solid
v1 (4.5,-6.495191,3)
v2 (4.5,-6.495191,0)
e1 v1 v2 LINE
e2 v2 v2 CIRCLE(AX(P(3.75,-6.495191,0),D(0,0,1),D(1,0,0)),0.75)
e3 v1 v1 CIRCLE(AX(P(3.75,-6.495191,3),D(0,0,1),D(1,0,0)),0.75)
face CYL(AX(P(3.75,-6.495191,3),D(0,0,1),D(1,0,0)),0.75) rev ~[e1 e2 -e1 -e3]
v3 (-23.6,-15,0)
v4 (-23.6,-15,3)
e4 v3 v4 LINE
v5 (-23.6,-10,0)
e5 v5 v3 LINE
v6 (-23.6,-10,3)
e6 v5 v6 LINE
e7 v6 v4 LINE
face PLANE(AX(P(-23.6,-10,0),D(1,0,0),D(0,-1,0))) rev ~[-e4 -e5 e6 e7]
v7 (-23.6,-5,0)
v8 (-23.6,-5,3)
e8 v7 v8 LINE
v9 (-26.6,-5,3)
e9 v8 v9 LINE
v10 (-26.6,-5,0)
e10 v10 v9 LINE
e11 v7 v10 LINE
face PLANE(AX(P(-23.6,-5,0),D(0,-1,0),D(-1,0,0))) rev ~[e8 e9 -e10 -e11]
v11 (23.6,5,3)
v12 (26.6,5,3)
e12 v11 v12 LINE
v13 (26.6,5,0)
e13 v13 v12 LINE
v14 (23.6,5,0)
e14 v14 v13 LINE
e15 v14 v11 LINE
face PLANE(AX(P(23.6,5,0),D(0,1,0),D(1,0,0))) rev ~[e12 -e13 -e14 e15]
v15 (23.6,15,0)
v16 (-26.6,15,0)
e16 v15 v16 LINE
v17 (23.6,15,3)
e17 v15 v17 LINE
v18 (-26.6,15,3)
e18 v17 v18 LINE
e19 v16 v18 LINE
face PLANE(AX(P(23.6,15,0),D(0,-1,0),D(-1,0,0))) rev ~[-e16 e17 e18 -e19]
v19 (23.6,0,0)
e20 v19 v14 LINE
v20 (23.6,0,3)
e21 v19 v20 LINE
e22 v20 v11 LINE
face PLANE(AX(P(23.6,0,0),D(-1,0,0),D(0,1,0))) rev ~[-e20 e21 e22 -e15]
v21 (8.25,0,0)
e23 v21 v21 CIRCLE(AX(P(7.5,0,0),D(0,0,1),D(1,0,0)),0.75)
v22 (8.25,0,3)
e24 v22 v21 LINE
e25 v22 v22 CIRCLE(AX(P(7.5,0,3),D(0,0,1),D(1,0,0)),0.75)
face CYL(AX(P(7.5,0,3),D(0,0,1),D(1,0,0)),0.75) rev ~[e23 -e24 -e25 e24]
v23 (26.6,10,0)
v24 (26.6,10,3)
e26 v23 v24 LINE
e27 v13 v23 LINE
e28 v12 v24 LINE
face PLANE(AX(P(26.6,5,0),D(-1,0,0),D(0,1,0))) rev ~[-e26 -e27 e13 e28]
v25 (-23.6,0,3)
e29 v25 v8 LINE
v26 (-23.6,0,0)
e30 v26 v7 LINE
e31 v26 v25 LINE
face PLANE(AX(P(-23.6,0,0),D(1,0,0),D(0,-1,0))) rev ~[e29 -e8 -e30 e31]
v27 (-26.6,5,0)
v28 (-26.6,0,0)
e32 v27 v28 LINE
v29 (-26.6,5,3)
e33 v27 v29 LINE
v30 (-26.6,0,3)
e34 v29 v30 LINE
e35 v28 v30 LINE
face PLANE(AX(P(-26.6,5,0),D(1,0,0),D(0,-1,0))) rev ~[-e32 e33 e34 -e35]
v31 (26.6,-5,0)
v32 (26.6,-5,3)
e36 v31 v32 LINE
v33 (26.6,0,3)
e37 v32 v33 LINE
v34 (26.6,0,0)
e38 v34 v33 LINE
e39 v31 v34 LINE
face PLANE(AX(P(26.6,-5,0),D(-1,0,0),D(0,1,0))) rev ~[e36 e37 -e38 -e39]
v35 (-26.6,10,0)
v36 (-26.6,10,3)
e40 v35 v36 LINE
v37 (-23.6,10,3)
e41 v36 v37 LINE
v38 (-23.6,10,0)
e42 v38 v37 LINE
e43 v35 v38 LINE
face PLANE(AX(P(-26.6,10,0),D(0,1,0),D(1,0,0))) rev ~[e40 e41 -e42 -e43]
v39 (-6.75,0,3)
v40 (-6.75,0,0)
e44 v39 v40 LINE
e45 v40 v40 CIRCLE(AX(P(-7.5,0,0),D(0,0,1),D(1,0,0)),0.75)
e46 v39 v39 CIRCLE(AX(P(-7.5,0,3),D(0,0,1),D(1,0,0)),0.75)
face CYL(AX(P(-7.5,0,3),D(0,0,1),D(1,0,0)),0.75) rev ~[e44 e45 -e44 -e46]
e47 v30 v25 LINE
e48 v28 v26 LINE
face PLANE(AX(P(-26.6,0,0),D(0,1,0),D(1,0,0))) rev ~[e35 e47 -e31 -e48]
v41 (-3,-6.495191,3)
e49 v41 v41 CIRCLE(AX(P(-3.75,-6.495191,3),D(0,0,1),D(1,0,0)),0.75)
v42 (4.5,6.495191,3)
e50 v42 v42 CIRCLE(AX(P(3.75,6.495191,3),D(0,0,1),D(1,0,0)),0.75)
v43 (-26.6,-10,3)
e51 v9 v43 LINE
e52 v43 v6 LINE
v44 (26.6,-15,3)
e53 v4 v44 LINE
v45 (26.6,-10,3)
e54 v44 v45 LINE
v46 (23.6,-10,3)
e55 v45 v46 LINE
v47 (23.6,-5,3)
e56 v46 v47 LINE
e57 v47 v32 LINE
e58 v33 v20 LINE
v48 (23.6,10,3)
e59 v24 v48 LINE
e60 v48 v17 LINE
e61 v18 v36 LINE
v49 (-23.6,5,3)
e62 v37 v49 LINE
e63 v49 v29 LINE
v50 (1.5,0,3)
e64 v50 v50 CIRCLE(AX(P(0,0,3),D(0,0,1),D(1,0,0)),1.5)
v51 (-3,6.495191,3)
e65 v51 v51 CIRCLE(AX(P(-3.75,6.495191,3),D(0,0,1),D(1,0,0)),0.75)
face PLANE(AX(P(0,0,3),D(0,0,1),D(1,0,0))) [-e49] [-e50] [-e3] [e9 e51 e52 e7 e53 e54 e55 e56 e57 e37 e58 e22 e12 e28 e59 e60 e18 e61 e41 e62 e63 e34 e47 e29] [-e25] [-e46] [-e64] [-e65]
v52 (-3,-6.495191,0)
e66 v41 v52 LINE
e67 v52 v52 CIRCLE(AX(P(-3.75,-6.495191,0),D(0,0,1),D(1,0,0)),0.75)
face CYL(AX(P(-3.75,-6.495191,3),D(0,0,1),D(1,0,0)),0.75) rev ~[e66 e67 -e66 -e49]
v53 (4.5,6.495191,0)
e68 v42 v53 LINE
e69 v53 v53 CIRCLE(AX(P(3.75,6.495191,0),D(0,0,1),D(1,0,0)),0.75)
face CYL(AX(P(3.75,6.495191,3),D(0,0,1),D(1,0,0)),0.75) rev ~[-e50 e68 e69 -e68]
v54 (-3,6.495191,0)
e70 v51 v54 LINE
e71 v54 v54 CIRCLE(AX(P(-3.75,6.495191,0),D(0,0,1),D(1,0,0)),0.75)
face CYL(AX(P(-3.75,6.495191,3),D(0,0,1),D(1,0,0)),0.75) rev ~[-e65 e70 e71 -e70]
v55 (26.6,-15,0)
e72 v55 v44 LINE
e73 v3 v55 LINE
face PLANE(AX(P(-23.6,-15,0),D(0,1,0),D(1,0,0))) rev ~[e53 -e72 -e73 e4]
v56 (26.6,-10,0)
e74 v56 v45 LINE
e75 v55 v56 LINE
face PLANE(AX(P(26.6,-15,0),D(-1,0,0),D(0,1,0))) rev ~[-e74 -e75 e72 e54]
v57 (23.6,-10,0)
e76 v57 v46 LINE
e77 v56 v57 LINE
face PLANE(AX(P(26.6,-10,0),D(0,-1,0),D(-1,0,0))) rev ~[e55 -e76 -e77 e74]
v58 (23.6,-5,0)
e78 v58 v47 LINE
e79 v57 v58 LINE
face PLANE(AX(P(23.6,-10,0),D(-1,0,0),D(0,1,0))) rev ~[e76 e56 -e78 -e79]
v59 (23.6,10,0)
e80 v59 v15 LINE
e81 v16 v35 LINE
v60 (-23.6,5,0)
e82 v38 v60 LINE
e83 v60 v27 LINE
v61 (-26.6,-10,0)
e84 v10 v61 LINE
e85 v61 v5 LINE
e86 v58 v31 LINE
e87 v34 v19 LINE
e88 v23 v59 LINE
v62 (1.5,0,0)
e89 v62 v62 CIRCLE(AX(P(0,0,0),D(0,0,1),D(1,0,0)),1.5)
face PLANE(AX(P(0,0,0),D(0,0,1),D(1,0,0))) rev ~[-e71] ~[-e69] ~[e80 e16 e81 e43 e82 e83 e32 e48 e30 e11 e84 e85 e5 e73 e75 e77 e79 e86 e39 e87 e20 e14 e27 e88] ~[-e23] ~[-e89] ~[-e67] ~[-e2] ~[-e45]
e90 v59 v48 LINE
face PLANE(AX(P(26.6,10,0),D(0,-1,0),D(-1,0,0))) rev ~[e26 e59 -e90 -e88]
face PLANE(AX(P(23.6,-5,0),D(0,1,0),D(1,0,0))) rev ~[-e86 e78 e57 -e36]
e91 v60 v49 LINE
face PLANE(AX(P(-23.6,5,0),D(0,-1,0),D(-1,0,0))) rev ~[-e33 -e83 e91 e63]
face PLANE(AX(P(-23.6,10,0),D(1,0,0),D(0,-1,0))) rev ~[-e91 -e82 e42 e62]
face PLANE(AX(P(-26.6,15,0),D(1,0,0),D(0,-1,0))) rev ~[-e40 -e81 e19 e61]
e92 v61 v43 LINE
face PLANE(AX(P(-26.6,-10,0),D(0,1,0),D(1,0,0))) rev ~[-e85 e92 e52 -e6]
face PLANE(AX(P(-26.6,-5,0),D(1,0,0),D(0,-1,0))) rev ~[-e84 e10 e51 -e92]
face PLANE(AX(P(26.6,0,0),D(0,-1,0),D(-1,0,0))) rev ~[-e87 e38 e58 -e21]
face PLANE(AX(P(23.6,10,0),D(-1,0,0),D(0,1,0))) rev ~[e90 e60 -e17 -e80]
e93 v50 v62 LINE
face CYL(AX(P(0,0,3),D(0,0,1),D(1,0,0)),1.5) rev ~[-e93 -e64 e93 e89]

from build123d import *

# Parameters (mm, degrees)
SALIENTE_EXTRUIR1_DEPTH = 3
CORTAR_EXTRUIR1_REACH   = 32.685
CROQUIS2_R              = 1.5
CROQUIS2_R_2            = 0.75


with BuildPart() as part:
    # Croquis1 → Saliente-Extruir1 (new body)
    with BuildSketch(Plane.XY):
        Polygon((26.6, 5), (26.6, 10), (23.6, 10), (23.6, 15), (-26.6, 15), (-26.6, 10), (-23.6, 10), (-23.6, 5), (-26.6, 5), (-26.6, 0), (-23.6, 0), (-23.6, -5), (-26.6, -5), (-26.6, -10), (-23.6, -10), (-23.6, -15), (26.6, -15), (26.6, -10), (23.6, -10), (23.6, -5), (26.6, -5), (26.6, 0), (23.6, 0), (23.6, 5), align=None)
    extrude(amount=SALIENTE_EXTRUIR1_DEPTH)

    # Croquis2 → Cortar-Extruir1 (cut, up to next)
    with BuildSketch(Plane.XY.offset(3), mode=Mode.PRIVATE) as cortar_extruir1_sk1:
        Circle(CROQUIS2_R)
    cortar_extruir1_tool1 = extrude(cortar_extruir1_sk1.sketch, amount=-CORTAR_EXTRUIR1_REACH, mode=Mode.PRIVATE) & part.part
    # Croquis2 → Cortar-Extruir1 (cut, up to next)
    with BuildSketch(Plane.XY.offset(3), mode=Mode.PRIVATE) as cortar_extruir1_sk2:
        with Locations((7.5, 0)):
            Circle(CROQUIS2_R_2)
    cortar_extruir1_tool2 = extrude(cortar_extruir1_sk2.sketch, amount=-CORTAR_EXTRUIR1_REACH, mode=Mode.PRIVATE) & part.part
    # Croquis2 → Cortar-Extruir1 (cut, up to next)
    with BuildSketch(Plane.XY.offset(3), mode=Mode.PRIVATE) as cortar_extruir1_sk3:
        with Locations((3.75, -6.495190528)):
            Circle(CROQUIS2_R_2)
    cortar_extruir1_tool3 = extrude(cortar_extruir1_sk3.sketch, amount=-CORTAR_EXTRUIR1_REACH, mode=Mode.PRIVATE) & part.part
    # Croquis2 → Cortar-Extruir1 (cut, up to next)
    with BuildSketch(Plane.XY.offset(3), mode=Mode.PRIVATE) as cortar_extruir1_sk4:
        with Locations((-3.75, -6.495190528)):
            Circle(CROQUIS2_R_2)
    cortar_extruir1_tool4 = extrude(cortar_extruir1_sk4.sketch, amount=-CORTAR_EXTRUIR1_REACH, mode=Mode.PRIVATE) & part.part
    # Croquis2 → Cortar-Extruir1 (cut, up to next)
    with BuildSketch(Plane.XY.offset(3), mode=Mode.PRIVATE) as cortar_extruir1_sk5:
        with Locations((-7.5, 0)):
            Circle(CROQUIS2_R_2)
    cortar_extruir1_tool5 = extrude(cortar_extruir1_sk5.sketch, amount=-CORTAR_EXTRUIR1_REACH, mode=Mode.PRIVATE) & part.part
    # Croquis2 → Cortar-Extruir1 (cut, up to next)
    with BuildSketch(Plane.XY.offset(3), mode=Mode.PRIVATE) as cortar_extruir1_sk6:
        with Locations((-3.75, 6.495190528)):
            Circle(CROQUIS2_R_2)
    cortar_extruir1_tool6 = extrude(cortar_extruir1_sk6.sketch, amount=-CORTAR_EXTRUIR1_REACH, mode=Mode.PRIVATE) & part.part
    # Croquis2 → Cortar-Extruir1 (cut, up to next)
    with BuildSketch(Plane.XY.offset(3), mode=Mode.PRIVATE) as cortar_extruir1_sk7:
        with Locations((3.75, 6.495190528)):
            Circle(CROQUIS2_R_2)
    cortar_extruir1_tool7 = extrude(cortar_extruir1_sk7.sketch, amount=-CORTAR_EXTRUIR1_REACH, mode=Mode.PRIVATE) & part.part
    add(cortar_extruir1_tool1.solids().sort_by_distance((0, 0, 3))[0], mode=Mode.SUBTRACT)
    add(cortar_extruir1_tool2.solids().sort_by_distance((7.5, 0, 3))[0], mode=Mode.SUBTRACT)
    add(cortar_extruir1_tool3.solids().sort_by_distance((3.75, -6.495191, 3))[0], mode=Mode.SUBTRACT)
    add(cortar_extruir1_tool4.solids().sort_by_distance((-3.75, -6.495191, 3))[0], mode=Mode.SUBTRACT)
    add(cortar_extruir1_tool5.solids().sort_by_distance((-7.5, 0, 3))[0], mode=Mode.SUBTRACT)
    add(cortar_extruir1_tool6.solids().sort_by_distance((-3.75, 6.495191, 3))[0], mode=Mode.SUBTRACT)
    add(cortar_extruir1_tool7.solids().sort_by_distance((3.75, 6.495191, 3))[0], mode=Mode.SUBTRACT)


solid = part.part
